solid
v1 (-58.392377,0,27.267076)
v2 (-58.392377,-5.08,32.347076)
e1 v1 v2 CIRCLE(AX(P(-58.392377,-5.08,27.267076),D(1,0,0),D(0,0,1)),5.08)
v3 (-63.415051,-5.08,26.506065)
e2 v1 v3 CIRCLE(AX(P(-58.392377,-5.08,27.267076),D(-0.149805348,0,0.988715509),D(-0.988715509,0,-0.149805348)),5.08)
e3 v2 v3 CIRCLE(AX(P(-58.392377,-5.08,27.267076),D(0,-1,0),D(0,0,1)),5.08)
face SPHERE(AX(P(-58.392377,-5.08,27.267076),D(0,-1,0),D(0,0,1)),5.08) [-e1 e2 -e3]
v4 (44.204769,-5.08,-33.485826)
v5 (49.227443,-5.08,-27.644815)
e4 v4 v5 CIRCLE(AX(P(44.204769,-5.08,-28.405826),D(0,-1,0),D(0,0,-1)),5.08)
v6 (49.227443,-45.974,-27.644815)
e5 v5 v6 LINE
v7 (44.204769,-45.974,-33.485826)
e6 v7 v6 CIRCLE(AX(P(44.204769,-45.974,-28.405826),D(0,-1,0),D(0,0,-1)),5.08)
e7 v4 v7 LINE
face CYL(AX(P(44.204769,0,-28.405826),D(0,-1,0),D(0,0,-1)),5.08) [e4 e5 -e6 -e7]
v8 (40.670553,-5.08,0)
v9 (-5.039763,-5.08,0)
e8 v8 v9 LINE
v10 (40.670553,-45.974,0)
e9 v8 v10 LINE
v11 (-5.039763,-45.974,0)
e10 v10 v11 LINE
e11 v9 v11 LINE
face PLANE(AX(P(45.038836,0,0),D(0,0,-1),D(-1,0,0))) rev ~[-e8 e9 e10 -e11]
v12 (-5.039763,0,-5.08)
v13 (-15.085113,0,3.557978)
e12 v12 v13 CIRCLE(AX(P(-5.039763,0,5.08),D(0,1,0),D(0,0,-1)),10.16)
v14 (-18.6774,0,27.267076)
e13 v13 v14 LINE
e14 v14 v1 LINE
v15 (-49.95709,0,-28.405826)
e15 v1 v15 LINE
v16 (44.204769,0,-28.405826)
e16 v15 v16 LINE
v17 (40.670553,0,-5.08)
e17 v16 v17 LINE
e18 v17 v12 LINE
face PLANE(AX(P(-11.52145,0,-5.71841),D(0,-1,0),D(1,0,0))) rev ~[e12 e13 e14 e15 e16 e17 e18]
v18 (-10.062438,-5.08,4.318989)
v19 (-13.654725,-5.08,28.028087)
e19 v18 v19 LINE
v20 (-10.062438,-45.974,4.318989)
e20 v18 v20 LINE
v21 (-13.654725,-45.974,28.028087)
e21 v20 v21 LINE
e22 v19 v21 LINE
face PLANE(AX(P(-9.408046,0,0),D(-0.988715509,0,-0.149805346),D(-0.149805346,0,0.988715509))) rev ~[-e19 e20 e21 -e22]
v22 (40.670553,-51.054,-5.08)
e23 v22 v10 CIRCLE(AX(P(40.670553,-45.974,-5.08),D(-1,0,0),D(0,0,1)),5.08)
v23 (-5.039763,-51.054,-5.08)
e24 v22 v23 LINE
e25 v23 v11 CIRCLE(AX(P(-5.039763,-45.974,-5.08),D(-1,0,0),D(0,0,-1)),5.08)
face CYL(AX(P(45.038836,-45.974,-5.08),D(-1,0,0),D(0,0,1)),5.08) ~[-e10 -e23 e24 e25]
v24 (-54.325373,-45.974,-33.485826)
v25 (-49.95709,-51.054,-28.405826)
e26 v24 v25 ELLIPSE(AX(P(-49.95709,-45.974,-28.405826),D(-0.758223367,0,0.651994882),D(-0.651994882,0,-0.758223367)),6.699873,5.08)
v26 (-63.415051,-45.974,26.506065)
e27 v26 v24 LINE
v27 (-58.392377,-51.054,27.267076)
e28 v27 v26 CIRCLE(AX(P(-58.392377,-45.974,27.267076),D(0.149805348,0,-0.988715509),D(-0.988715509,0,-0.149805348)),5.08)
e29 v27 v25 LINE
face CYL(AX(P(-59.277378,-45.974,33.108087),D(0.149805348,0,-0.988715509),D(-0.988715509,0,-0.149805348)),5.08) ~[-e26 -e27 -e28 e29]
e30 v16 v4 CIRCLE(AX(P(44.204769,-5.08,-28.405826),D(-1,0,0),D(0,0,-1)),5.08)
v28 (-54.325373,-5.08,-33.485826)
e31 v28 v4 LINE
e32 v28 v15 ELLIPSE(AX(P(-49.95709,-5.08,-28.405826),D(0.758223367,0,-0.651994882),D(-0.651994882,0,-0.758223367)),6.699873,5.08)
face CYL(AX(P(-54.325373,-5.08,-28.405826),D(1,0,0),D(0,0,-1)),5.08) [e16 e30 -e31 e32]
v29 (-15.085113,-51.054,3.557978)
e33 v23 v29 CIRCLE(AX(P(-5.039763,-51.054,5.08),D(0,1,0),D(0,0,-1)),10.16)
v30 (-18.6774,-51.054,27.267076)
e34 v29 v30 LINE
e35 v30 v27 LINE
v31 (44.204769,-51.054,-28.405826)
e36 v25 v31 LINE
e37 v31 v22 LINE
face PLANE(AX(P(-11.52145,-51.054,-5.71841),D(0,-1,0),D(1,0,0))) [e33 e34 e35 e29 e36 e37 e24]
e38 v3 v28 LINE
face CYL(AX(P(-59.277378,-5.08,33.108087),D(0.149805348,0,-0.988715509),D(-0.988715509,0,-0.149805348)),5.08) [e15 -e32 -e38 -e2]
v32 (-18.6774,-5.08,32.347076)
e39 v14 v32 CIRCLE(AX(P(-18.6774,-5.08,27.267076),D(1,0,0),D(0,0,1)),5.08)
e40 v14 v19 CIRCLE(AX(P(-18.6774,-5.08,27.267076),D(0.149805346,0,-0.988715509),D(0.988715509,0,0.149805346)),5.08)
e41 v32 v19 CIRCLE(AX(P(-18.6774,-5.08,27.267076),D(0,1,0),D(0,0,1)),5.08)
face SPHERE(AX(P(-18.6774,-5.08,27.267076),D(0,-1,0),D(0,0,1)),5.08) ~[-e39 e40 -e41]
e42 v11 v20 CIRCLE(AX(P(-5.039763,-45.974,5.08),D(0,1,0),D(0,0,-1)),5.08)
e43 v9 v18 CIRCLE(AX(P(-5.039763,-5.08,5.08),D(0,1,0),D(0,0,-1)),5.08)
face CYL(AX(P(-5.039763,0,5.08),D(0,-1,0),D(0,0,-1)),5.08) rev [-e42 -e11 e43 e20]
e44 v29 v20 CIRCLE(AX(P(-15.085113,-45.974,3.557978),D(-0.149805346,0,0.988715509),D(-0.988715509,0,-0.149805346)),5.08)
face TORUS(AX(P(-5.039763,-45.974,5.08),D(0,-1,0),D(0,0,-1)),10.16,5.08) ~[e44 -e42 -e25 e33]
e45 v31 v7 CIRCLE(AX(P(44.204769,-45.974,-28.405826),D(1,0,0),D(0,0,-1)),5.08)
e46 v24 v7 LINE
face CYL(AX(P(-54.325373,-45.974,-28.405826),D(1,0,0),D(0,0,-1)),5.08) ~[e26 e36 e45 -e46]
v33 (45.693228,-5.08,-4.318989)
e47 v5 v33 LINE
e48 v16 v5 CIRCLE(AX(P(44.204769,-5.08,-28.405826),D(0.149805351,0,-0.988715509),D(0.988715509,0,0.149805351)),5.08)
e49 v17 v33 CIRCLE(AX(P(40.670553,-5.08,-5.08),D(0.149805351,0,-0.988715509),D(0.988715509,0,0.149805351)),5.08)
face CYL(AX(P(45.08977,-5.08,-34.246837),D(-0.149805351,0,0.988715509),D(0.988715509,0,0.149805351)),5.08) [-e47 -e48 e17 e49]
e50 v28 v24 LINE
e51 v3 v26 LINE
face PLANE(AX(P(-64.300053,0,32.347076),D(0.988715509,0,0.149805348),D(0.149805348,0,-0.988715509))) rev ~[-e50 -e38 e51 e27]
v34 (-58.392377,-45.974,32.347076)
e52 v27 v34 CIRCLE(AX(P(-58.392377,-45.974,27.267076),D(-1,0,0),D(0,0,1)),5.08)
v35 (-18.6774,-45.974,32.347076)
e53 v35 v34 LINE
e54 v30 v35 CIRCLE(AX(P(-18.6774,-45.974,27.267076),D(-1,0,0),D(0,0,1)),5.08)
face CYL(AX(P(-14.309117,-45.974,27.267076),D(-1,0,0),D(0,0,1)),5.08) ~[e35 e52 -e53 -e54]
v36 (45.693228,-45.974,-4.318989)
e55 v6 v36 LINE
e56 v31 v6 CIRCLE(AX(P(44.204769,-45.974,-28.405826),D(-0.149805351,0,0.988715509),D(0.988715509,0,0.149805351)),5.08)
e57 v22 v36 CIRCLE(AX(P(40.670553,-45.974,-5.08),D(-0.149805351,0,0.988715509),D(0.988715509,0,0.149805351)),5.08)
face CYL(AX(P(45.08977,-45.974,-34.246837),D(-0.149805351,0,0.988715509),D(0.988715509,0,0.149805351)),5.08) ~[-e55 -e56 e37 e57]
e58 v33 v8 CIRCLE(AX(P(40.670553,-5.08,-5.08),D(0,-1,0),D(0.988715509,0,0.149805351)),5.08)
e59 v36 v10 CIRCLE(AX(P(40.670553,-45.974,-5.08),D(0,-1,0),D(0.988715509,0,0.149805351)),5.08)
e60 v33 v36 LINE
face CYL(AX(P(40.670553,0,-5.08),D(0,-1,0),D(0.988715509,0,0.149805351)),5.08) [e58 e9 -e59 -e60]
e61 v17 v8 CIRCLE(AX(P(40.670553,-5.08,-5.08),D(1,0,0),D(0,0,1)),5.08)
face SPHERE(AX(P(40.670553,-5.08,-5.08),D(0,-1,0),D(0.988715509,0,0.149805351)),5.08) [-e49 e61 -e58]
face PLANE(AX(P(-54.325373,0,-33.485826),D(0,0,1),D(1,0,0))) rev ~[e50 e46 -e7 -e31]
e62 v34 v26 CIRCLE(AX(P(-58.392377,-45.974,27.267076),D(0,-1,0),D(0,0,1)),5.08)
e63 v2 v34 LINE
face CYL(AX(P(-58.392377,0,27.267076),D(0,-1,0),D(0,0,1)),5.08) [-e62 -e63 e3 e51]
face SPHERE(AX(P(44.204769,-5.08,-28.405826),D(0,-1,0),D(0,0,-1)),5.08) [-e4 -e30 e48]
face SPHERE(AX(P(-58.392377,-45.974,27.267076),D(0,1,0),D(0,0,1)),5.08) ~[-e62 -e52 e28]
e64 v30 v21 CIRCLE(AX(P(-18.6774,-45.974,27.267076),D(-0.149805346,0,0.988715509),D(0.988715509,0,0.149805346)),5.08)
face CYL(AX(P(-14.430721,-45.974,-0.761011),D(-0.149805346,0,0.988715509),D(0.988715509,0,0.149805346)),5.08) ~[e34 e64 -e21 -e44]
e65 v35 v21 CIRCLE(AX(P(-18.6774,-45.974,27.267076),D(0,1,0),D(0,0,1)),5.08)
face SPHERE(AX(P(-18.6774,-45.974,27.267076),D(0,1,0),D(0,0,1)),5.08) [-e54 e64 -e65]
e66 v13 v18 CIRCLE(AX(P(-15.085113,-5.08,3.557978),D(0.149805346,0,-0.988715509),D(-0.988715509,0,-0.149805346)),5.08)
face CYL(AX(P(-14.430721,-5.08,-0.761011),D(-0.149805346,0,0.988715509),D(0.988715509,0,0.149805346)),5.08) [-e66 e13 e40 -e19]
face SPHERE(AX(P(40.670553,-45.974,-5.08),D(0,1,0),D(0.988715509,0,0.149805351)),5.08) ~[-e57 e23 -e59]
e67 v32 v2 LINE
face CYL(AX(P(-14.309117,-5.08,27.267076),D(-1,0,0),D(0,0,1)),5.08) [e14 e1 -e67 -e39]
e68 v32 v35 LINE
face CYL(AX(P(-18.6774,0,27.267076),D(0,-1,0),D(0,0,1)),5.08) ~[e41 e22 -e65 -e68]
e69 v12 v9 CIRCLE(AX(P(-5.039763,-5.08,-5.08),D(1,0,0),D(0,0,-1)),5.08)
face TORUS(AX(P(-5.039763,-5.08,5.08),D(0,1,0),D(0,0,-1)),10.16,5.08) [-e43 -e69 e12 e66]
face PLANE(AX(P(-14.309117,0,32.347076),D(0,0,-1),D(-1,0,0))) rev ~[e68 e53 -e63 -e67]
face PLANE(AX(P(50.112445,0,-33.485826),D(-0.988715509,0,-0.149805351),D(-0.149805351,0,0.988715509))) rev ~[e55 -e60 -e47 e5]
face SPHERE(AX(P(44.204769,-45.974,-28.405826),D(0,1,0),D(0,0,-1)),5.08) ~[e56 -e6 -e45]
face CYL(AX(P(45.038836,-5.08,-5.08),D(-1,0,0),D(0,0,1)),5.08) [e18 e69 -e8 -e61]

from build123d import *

# Parameters (mm, degrees)
F1_DEPTH = 51.054
F2_R     = 5.08


with BuildPart() as f1:
    # F0 (on Front) → F1 (new body)
    with BuildSketch(Plane.XZ):
        Polygon((-14.309117, 32.347076), (-64.300053, 32.347076), (-54.325373, -33.485826), (50.112445, -33.485826), (45.038836, 0), (-9.408046, 0), align=None)
    extrude(amount=F1_DEPTH)

    # F2
    f2_edges = [f1.edges().sort_by_distance(p)[0] for p in [
        (-39.304585, -51.054, 32.347076),
        (-59.312713, -51.054, -0.569375),
        (-2.106464, -51.054, -33.485826),
        (47.575641, -51.054, -16.742913),
        (17.815395, -51.054, 0),
        (-11.858581, -51.054, 16.173538),
        (-39.304585, 0, 32.347076),
        (-59.312713, 0, -0.569375),
        (-2.106464, 0, -33.485826),
        (47.575641, 0, -16.742913),
        (17.815395, 0, 0),
        (-11.858581, 0, 16.173538),
        (-9.408046, -25.527, 0),
        (-14.309117, -25.527, 32.347076),
        (45.038836, -25.527, 0),
        (50.112445, -25.527, -33.485826),
        (-64.300053, -25.527, 32.347076),
    ]]
    fillet(f2_edges, radius=F2_R)


solid = f1.part
